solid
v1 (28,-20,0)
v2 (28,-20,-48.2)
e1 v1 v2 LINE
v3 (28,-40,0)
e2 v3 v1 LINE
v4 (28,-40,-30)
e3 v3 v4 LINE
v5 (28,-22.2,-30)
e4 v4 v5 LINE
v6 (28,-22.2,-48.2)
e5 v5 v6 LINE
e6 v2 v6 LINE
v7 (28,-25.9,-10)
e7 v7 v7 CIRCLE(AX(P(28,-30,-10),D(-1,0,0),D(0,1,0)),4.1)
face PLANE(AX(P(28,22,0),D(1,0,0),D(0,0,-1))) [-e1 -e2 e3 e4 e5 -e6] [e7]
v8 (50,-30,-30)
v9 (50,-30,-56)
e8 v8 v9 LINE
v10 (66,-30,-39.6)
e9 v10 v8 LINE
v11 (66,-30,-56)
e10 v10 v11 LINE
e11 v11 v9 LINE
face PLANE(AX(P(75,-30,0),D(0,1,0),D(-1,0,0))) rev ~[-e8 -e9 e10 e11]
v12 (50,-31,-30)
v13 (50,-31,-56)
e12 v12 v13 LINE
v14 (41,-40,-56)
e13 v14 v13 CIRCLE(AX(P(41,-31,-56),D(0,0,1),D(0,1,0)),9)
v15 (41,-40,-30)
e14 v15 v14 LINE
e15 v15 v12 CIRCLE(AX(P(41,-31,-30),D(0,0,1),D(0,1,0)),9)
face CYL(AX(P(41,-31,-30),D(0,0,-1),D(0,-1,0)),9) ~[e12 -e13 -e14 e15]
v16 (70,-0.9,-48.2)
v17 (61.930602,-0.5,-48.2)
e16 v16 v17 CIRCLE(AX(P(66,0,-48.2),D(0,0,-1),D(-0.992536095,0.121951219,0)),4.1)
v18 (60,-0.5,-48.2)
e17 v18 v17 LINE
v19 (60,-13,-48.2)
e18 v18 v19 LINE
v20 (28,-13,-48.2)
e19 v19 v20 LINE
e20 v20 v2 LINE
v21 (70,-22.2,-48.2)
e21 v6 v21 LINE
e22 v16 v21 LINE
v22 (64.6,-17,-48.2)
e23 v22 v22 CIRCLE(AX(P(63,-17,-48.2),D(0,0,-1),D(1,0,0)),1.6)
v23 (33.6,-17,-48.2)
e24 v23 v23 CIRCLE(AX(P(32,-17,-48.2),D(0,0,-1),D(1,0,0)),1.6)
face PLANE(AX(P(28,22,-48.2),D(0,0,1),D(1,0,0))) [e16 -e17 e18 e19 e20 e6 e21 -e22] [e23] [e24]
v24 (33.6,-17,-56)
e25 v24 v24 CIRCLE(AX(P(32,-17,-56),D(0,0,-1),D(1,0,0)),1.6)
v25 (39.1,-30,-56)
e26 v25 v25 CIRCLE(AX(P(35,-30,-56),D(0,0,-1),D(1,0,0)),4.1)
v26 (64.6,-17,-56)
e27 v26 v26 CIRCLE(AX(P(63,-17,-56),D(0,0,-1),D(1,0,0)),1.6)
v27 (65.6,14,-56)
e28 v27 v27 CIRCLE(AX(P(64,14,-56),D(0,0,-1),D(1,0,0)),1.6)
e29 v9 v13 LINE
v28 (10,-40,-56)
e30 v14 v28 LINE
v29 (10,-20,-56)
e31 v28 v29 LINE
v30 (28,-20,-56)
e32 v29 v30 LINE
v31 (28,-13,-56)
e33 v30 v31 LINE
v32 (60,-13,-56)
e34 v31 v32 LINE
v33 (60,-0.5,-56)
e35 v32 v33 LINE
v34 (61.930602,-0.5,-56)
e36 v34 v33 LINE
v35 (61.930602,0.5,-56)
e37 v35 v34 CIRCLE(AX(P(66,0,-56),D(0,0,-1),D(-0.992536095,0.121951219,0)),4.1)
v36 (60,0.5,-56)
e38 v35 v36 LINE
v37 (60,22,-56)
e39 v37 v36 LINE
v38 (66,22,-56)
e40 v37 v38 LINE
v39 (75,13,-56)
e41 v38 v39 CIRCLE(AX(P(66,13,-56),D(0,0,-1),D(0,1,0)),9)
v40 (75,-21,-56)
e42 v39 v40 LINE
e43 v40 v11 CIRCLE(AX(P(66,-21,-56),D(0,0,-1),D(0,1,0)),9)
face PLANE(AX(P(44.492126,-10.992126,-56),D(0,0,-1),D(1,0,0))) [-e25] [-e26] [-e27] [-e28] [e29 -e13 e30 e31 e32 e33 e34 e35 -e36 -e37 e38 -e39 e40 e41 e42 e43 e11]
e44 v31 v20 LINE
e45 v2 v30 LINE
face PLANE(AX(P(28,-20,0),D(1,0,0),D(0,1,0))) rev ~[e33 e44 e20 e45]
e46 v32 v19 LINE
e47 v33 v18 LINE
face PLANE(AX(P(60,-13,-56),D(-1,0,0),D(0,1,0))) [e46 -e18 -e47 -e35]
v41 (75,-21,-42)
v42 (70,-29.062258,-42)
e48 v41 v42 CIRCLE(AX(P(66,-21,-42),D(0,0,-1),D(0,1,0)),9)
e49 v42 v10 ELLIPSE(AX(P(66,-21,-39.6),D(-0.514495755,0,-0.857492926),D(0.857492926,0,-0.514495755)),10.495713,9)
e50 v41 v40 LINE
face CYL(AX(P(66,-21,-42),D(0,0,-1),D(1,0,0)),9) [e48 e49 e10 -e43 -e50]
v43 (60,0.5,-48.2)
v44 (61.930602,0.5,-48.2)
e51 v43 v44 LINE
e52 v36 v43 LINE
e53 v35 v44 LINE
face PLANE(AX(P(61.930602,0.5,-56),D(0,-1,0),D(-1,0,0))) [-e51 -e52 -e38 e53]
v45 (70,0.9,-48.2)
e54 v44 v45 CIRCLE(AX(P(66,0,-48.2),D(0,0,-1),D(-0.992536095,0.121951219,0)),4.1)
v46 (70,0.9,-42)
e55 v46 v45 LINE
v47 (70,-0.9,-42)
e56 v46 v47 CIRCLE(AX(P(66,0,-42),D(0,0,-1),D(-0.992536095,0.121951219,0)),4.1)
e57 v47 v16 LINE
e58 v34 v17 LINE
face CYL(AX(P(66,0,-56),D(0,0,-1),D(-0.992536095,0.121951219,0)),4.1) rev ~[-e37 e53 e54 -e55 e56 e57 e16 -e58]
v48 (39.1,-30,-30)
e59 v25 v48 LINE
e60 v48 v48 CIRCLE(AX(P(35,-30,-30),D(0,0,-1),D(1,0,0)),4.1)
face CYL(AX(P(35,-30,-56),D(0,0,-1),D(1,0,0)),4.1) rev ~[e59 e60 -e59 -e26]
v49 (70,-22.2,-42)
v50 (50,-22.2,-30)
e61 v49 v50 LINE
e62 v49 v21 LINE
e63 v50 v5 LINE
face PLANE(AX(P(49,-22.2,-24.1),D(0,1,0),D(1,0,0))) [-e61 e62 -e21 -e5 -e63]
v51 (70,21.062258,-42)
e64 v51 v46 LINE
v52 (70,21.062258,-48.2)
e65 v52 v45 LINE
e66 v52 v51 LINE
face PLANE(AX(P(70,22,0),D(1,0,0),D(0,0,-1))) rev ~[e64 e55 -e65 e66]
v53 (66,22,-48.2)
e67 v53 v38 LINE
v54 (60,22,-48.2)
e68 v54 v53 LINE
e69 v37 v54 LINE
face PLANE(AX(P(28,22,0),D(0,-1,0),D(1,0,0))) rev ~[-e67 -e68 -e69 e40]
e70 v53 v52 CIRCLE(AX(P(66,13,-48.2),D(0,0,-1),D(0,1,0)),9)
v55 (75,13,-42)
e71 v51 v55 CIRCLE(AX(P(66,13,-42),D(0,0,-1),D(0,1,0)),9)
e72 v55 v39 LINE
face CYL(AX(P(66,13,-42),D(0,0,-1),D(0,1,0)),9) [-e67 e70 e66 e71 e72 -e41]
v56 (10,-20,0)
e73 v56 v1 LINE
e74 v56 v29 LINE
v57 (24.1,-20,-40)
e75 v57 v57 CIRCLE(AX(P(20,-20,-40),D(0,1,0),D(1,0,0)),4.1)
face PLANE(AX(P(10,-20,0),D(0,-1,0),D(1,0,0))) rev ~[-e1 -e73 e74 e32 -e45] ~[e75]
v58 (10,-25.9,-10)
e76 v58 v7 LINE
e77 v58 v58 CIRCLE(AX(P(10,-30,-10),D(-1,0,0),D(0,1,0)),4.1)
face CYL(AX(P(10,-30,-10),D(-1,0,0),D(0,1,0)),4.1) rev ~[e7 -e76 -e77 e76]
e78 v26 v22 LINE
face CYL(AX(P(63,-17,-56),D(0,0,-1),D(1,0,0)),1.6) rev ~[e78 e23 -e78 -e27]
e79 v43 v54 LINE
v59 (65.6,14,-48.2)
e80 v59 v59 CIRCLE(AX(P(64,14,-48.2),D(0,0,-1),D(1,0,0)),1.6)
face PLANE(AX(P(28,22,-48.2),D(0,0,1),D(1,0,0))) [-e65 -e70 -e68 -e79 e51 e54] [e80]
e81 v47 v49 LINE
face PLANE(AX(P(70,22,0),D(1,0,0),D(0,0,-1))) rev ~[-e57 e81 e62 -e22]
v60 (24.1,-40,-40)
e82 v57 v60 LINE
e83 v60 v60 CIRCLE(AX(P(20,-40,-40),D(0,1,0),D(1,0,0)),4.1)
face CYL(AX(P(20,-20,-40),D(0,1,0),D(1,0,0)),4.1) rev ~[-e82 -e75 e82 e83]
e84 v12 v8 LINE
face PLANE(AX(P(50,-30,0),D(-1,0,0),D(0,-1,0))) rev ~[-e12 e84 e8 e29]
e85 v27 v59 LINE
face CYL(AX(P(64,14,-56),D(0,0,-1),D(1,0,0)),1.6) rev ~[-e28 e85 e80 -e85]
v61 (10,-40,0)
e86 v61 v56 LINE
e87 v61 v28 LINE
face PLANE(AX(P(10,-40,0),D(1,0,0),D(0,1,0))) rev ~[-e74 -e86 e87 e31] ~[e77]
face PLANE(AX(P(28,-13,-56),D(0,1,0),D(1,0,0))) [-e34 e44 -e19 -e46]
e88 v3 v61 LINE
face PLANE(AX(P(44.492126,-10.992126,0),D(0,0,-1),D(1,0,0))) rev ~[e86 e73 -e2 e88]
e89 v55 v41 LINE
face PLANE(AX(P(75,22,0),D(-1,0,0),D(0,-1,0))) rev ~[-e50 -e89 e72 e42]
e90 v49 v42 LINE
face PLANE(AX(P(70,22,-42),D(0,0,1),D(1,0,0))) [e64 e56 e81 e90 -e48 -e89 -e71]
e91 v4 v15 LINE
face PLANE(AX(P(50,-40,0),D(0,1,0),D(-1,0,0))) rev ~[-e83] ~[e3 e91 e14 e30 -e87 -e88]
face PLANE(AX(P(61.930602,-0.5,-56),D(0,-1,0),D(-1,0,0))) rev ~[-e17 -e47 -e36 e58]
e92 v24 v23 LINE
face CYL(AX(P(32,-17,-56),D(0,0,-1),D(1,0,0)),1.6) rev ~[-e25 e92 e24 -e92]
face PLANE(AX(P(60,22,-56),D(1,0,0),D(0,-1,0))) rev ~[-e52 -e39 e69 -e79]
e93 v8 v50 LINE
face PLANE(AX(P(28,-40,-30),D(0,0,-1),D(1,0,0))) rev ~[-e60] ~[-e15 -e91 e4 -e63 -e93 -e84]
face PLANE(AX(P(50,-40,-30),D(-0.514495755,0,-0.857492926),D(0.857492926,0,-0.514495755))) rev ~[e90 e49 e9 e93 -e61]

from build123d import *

# Parameters (mm, degrees)
PAD_DEPTH       = 56
SKETCH001_W     = 42
SKETCH001_H     = 48.2
POCKET_DEPTH    = 44.2
SKETCH002_R     = 1.6
SKETCH002_R_2   = 4.1
POCKET001_DEPTH = 56.001
SKETCH003_R     = 4.1
POCKET002_DEPTH = 20.001
SKETCH004_W     = 5
SKETCH004_H     = 42
POCKET003_DEPTH = 62.001
POCKET004_DEPTH = 62.001
SKETCH006_R     = 4.1
POCKET005_DEPTH = 65.001
FILLET_R        = 9


with BuildPart() as part:
    # Sketch → Pad (new body)
    with BuildSketch(Plane(origin=(0, 0, 0), x_dir=(1, 0, 0), z_dir=(0, 0, -1))):
        Polygon((28, -22), (75, -22), (75, 30), (50, 30), (50, 40), (10, 40), (10, 20), (28, 20), align=None)
    extrude(amount=PAD_DEPTH)

    # Sketch001 → Pocket (cut)
    with BuildSketch(Plane(origin=(0, 22, 0), x_dir=(1, 0, 0), z_dir=(0, 1, 0))):
        with Locations((49, 24.1)):
            Rectangle(SKETCH001_W, SKETCH001_H)
    extrude(amount=-POCKET_DEPTH, mode=Mode.SUBTRACT)

    # Sketch002 → Pocket001 (cut, through all)
    with BuildSketch(Plane(origin=(0, 0, -56), x_dir=(1, 0, 0), z_dir=(0, 0, -1))):
        with Locations((32, 17)):
            Circle(SKETCH002_R)
        with Locations((63, 17)):
            Circle(SKETCH002_R)
        with Locations((64, -14)):
            Circle(SKETCH002_R)
        with Locations((35, 30)):
            Circle(SKETCH002_R_2)
        with BuildLine():
            ThreePointArc((61.930602, -0.5), (70.1, 0), (61.930602, 0.5))
            Line((61.930602, 0.5), (60, 0.5))
            Line((60, 13), (60, 0.5))
            Line((28, 13), (60, 13))
            Line((28, -22), (28, 13))
            Line((60, -22), (28, -22))
            Line((60, -22), (60, -0.5))
            Line((61.930602, -0.5), (60, -0.5))
        make_face()
    extrude(amount=-POCKET001_DEPTH, mode=Mode.SUBTRACT)

    # Sketch003 → Pocket002 (cut, through all)
    with BuildSketch(Plane(origin=(0, -20, 0), x_dir=(1, 0, 0), z_dir=(0, 1, 0))):
        with Locations((20, 40)):
            Circle(SKETCH003_R)
    extrude(amount=-POCKET002_DEPTH, mode=Mode.SUBTRACT)

    # Sketch004 → Pocket003 (cut, through all)
    with BuildSketch(Plane(origin=(0, 22, 0), x_dir=(1, 0, 0), z_dir=(0, 1, 0))):
        with Locations((72.5, 21)):
            Rectangle(SKETCH004_W, SKETCH004_H)
    extrude(amount=-POCKET003_DEPTH, mode=Mode.SUBTRACT)

    # Sketch005 → Pocket004 (cut, through all)
    with BuildSketch(Plane(origin=(0, -40, 0), x_dir=(-1, 0, 0), z_dir=(0, -1, 0))):
        Polygon((-28, 0), (-28, 30), (-50, 30), (-70, 42), (-70, 0), align=None)
    extrude(amount=-POCKET004_DEPTH, mode=Mode.SUBTRACT)

    # Sketch006 → Pocket005 (cut, through all)
    with BuildSketch(Plane(origin=(10, 0, 0), x_dir=(0, 1, 0), z_dir=(-1, 0, 0))):
        with Locations((-30, 10)):
            Circle(SKETCH006_R)
    extrude(amount=-POCKET005_DEPTH, mode=Mode.SUBTRACT)

    # Fillet
    fillet_edges = [part.edges().sort_by_distance(p)[0] for p in [
        (75, -30, -49),
        (50, -40, -43),
        (75, 22, -49),
    ]]
    fillet(fillet_edges, radius=FILLET_R)


solid = part.part
